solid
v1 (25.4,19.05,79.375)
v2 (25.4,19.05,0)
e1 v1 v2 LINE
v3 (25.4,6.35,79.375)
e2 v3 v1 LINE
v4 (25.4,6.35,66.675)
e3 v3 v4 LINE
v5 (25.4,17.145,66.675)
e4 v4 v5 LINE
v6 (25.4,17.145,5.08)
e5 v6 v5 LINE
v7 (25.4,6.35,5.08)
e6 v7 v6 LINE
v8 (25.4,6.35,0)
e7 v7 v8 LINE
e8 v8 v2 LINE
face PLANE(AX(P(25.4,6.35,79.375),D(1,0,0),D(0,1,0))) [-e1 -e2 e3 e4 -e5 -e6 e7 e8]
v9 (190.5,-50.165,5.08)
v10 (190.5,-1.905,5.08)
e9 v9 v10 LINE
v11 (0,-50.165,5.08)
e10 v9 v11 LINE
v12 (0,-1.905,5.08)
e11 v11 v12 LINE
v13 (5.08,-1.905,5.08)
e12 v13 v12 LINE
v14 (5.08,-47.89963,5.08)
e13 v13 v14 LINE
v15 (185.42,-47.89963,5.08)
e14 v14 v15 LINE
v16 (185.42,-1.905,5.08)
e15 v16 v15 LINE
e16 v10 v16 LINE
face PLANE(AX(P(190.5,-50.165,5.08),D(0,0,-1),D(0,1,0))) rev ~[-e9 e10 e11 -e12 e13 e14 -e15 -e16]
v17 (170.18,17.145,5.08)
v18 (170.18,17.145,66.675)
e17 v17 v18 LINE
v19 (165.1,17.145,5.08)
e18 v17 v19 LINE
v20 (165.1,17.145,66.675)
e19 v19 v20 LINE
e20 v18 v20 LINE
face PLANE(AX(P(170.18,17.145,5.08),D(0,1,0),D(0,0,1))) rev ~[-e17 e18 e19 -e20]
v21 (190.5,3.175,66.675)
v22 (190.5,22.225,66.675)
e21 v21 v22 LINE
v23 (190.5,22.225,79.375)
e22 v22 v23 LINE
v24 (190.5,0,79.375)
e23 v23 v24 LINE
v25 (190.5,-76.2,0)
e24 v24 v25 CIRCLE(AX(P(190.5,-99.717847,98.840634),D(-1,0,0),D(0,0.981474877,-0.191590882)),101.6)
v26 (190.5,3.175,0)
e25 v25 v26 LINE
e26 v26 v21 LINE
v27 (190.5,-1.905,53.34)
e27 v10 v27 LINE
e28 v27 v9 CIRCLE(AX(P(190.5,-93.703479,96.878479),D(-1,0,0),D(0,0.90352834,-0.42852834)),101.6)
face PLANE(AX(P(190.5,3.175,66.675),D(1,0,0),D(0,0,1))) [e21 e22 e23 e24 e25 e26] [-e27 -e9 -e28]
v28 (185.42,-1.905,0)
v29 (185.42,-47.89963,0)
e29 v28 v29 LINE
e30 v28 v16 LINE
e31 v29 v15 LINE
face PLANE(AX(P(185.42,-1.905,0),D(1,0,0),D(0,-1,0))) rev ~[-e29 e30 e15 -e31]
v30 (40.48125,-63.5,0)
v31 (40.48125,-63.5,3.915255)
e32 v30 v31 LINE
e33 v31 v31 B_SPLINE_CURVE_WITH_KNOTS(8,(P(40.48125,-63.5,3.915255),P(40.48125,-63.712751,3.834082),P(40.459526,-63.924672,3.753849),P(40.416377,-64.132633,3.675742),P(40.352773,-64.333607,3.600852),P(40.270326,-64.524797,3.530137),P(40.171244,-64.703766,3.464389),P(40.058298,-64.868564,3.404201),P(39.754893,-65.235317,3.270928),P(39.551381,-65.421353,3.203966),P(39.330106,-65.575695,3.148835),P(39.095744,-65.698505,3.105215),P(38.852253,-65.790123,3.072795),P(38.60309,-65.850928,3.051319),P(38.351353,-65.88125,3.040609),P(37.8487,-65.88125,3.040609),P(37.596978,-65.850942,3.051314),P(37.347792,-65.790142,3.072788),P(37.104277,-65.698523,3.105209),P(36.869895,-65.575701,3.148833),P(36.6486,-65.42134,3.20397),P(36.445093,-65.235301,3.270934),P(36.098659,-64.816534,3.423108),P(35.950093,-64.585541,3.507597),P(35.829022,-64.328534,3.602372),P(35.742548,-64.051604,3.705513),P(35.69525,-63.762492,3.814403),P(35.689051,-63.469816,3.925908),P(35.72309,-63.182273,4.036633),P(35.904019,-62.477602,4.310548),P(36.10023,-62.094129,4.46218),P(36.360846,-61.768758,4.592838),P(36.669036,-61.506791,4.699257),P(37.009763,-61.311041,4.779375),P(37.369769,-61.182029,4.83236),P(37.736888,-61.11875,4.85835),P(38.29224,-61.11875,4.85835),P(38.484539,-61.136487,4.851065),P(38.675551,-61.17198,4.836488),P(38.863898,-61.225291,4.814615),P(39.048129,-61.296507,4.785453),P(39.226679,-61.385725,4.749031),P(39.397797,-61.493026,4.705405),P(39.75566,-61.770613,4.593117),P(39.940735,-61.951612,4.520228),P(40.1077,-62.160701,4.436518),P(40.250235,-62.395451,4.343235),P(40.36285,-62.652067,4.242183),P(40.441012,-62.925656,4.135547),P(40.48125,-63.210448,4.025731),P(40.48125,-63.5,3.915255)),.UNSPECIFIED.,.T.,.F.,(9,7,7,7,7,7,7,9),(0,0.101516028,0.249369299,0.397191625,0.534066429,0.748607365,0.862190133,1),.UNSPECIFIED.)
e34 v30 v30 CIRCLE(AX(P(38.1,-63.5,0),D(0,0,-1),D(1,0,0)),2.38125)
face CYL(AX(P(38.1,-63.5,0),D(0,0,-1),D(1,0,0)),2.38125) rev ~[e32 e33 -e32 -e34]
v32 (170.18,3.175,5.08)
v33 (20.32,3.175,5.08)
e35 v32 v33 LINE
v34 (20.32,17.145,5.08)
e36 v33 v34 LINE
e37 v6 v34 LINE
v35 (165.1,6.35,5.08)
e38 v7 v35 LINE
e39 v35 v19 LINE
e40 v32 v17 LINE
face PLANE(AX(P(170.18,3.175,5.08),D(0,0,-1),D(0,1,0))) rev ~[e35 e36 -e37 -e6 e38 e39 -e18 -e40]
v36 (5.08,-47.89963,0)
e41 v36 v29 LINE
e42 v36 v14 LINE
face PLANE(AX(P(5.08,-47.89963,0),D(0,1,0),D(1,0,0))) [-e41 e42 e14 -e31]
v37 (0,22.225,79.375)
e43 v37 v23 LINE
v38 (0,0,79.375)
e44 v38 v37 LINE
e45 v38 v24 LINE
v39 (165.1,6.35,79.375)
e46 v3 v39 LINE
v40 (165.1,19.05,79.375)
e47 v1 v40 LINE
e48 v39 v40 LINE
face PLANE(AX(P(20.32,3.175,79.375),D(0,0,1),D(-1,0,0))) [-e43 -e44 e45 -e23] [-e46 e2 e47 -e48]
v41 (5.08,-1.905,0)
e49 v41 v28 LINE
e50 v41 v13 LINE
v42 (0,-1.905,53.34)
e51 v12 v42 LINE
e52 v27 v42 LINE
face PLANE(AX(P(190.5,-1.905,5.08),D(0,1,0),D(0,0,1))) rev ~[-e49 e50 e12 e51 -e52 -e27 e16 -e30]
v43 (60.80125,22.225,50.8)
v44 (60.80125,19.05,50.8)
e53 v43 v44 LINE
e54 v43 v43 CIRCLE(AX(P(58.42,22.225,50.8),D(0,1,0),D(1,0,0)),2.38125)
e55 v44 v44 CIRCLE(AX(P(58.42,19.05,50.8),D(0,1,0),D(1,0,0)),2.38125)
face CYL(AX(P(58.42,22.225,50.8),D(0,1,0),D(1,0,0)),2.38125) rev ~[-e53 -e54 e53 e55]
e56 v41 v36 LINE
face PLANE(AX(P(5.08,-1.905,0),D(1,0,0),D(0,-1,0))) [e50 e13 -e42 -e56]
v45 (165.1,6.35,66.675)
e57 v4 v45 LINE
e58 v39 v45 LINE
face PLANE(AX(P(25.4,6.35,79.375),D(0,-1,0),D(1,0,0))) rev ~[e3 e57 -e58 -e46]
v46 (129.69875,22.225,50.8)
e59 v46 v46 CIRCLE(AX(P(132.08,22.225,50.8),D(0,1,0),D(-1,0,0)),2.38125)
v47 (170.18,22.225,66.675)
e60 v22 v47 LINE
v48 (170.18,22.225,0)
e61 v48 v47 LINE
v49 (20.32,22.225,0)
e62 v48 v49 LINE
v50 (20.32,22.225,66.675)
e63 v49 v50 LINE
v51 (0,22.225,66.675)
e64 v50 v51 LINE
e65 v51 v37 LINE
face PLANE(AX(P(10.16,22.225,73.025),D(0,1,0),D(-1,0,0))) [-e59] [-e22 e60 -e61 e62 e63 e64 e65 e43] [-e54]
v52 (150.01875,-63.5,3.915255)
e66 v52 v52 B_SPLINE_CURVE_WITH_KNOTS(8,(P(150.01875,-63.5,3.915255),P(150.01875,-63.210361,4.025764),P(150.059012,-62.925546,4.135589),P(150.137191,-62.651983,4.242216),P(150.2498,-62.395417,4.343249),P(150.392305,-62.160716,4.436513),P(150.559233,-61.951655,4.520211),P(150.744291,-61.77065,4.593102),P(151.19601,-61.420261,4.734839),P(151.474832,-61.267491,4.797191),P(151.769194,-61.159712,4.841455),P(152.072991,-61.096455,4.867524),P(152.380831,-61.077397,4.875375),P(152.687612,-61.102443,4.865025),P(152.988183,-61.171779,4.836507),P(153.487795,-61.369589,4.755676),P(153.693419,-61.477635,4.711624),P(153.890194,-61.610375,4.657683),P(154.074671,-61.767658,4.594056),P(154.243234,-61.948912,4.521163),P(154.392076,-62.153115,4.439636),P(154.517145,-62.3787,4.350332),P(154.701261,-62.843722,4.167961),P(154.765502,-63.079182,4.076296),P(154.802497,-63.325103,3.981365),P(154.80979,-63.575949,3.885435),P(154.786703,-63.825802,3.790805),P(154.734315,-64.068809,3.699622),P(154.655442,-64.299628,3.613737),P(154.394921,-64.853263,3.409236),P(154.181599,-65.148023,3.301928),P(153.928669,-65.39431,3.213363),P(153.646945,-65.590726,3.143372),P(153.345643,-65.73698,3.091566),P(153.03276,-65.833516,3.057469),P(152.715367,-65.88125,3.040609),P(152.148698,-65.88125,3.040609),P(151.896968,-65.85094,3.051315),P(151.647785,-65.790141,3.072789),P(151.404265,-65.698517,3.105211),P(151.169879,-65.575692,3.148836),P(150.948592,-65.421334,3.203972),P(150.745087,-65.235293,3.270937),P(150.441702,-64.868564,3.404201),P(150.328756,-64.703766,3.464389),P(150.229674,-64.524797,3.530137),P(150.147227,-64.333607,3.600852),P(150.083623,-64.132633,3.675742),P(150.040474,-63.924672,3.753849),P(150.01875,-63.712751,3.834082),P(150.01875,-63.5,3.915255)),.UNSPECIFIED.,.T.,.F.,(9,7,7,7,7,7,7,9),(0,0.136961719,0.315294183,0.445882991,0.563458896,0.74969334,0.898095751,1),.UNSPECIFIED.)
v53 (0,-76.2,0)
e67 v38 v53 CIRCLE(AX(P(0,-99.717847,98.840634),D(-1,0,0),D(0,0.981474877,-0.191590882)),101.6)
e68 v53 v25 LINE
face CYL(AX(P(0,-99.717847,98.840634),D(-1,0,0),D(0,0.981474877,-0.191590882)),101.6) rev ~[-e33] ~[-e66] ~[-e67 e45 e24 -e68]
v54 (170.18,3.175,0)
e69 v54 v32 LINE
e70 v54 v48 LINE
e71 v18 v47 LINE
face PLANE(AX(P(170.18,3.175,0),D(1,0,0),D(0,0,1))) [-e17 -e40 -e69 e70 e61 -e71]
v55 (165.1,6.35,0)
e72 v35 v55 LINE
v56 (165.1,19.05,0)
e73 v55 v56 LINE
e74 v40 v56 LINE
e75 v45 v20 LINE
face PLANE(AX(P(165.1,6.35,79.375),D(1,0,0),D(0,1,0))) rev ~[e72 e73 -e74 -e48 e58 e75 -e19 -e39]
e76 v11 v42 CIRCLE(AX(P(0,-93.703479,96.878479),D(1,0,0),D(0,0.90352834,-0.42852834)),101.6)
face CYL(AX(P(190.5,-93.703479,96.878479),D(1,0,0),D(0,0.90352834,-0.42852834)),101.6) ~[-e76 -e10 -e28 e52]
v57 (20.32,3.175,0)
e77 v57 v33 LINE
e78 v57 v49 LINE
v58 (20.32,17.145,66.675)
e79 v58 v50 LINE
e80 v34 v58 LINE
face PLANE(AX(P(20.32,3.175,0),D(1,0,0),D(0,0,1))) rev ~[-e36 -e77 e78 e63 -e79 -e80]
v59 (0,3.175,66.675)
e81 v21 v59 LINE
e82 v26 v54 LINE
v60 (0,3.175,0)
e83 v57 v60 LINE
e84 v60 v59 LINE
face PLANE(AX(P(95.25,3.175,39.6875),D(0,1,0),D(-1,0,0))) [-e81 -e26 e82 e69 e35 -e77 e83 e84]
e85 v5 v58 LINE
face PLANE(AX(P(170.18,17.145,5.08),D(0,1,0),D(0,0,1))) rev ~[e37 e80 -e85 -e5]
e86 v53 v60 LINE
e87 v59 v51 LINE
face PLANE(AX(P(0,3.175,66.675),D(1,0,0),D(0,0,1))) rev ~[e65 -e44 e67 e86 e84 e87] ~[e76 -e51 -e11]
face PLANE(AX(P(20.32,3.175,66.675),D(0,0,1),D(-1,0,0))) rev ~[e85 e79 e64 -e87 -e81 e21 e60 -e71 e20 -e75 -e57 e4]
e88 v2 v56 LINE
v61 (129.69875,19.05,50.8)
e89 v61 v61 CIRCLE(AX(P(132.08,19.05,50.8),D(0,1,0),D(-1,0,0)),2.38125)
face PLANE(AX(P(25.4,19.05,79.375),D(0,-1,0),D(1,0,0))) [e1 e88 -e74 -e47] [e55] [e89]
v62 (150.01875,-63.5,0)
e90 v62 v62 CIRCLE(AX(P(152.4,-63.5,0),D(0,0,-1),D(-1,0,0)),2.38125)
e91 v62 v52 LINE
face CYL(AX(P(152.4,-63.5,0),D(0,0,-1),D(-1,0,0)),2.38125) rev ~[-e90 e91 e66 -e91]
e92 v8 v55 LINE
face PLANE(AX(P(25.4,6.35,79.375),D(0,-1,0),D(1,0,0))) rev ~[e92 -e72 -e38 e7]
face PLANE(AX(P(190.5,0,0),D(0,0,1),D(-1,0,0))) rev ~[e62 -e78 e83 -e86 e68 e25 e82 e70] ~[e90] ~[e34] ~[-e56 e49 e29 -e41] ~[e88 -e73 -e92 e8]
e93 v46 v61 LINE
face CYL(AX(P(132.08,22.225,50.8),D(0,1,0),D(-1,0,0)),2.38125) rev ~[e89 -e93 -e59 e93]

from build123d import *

# Parameters (mm, degrees)
F1_DEPTH  = 190.5
F2_W      = 190.5
F2_H      = 79.375
F3_DEPTH  = 3.175
F4_W      = 149.86
F4_H      = 79.375
F5_DEPTH  = 19.05
F6_W      = 139.7
F6_H      = 12.7
F7_DEPTH  = 127
F8_R      = 2.38125
F9_DEPTH  = 12.7
F10_R     = 2.38125
F11_DEPTH = 25.4
F12_W     = 20.32
F12_H     = 12.7
F13_DEPTH = 19.05
F14_W     = 20.32
F14_H     = 12.7
F15_DEPTH = 19.05
F17_DEPTH = 203.2
F18_W     = 13.97
F18_H     = 61.595
F19_DEPTH = 254
F20_W     = 180.34
F20_H     = 45.9946300644
F21_DEPTH = 5.08


with BuildPart() as f1:
    # F0 (on Right) → F1 (new body)
    with BuildSketch(Plane.YZ):
        with BuildLine():
            Line((-76.2, 0), (0, 0))
            Line((0, 0), (0, 79.375))
            ThreePointArc((0, 79.375), (-26.424895677, 28.4793998499), (-76.2, 0))
        make_face()
    extrude(amount=F1_DEPTH)

    # F2 (on face) → F3 (join)
    with BuildSketch(Plane(origin=(0, 0, 0), x_dir=(-1, 0, 0), z_dir=(0, 1, 0))):
        with Locations((-95.25, 39.6875)):
            Rectangle(F2_W, F2_H)
    extrude(amount=F3_DEPTH)

    # F4 (on face) → F5 (join)
    with BuildSketch(Plane(origin=(0, 3.175, 0), x_dir=(-1, 0, 0), z_dir=(0, 1, 0))):
        with Locations((-95.25, 39.6875)):
            Rectangle(F4_W, F4_H)
    extrude(amount=F5_DEPTH)

    # F6 (on face) → F7 (cut)
    with BuildSketch(Plane.XY.offset(79.375)):
        with Locations((95.25, 12.7)):
            Rectangle(F6_W, F6_H)
    extrude(amount=-F7_DEPTH, mode=Mode.SUBTRACT)

    # F8 (on face) → F9 (cut)
    with BuildSketch(Plane(origin=(0, 22.225, 0), x_dir=(-1, 0, 0), z_dir=(0, 1, 0))):
        with Locations((-132.08, 50.8)):
            Circle(F8_R)
        with BuildLine():
            ThreePointArc((-56.03875, 50.8), (-58.42, 53.18125), (-60.80125, 50.8))
            ThreePointArc((-60.80125, 50.8), (-58.42, 48.41875), (-56.03875, 50.8))
        make_face()
    extrude(amount=-F9_DEPTH, mode=Mode.SUBTRACT)

    # F10 (on face) → F11 (cut)
    with BuildSketch(Plane(origin=(0, 0, 0), x_dir=(1, 0, 0), z_dir=(0, 0, -1))):
        with BuildLine():
            ThreePointArc((154.78125, 63.5), (152.4, 65.88125), (150.01875, 63.5))
            ThreePointArc((150.01875, 63.5), (152.4, 61.11875), (154.78125, 63.5))
        make_face()
        with Locations((38.1, 63.5)):
            Circle(F10_R)
    extrude(amount=-F11_DEPTH, mode=Mode.SUBTRACT)

    # F12 (on face) → F13 (join)
    with BuildSketch(Plane(origin=(0, 3.175, 0), x_dir=(-1, 0, 0), z_dir=(0, 1, 0))):
        with Locations((-180.34, 73.025)):
            Rectangle(F12_W, F12_H)
    extrude(amount=F13_DEPTH)

    # F14 (on face) → F15 (join)
    with BuildSketch(Plane(origin=(0, 3.175, 0), x_dir=(-1, 0, 0), z_dir=(0, 1, 0))):
        with Locations((-10.16, 73.025)):
            Rectangle(F14_W, F14_H)
    extrude(amount=F15_DEPTH)

    # F16 (on face) → F17 (cut)
    with BuildSketch(Plane.YZ.offset(190.5)):
        with BuildLine():
            ThreePointArc((-1.905, 53.34), (-21.8614303996, 25.0364303996), (-50.165, 5.08))
            Line((-50.165, 5.08), (-1.905, 5.08))
            Line((-1.905, 5.08), (-1.905, 53.34))
        make_face()
    extrude(amount=-F17_DEPTH, mode=Mode.SUBTRACT)

    # F18 (on face) → F19 (cut)
    with BuildSketch(Plane.YZ.offset(170.18)):
        with Locations((10.16, 35.8775)):
            Rectangle(F18_W, F18_H)
    extrude(amount=-F19_DEPTH, mode=Mode.SUBTRACT)

    # F20 (on face) → F21 (cut)
    with BuildSketch(Plane(origin=(0, 0, 0), x_dir=(1, 0, 0), z_dir=(0, 0, -1))):
        with Locations((95.25, 24.9023150322)):
            Rectangle(F20_W, F20_H)
    extrude(amount=-F21_DEPTH, mode=Mode.SUBTRACT)


solid = f1.part
